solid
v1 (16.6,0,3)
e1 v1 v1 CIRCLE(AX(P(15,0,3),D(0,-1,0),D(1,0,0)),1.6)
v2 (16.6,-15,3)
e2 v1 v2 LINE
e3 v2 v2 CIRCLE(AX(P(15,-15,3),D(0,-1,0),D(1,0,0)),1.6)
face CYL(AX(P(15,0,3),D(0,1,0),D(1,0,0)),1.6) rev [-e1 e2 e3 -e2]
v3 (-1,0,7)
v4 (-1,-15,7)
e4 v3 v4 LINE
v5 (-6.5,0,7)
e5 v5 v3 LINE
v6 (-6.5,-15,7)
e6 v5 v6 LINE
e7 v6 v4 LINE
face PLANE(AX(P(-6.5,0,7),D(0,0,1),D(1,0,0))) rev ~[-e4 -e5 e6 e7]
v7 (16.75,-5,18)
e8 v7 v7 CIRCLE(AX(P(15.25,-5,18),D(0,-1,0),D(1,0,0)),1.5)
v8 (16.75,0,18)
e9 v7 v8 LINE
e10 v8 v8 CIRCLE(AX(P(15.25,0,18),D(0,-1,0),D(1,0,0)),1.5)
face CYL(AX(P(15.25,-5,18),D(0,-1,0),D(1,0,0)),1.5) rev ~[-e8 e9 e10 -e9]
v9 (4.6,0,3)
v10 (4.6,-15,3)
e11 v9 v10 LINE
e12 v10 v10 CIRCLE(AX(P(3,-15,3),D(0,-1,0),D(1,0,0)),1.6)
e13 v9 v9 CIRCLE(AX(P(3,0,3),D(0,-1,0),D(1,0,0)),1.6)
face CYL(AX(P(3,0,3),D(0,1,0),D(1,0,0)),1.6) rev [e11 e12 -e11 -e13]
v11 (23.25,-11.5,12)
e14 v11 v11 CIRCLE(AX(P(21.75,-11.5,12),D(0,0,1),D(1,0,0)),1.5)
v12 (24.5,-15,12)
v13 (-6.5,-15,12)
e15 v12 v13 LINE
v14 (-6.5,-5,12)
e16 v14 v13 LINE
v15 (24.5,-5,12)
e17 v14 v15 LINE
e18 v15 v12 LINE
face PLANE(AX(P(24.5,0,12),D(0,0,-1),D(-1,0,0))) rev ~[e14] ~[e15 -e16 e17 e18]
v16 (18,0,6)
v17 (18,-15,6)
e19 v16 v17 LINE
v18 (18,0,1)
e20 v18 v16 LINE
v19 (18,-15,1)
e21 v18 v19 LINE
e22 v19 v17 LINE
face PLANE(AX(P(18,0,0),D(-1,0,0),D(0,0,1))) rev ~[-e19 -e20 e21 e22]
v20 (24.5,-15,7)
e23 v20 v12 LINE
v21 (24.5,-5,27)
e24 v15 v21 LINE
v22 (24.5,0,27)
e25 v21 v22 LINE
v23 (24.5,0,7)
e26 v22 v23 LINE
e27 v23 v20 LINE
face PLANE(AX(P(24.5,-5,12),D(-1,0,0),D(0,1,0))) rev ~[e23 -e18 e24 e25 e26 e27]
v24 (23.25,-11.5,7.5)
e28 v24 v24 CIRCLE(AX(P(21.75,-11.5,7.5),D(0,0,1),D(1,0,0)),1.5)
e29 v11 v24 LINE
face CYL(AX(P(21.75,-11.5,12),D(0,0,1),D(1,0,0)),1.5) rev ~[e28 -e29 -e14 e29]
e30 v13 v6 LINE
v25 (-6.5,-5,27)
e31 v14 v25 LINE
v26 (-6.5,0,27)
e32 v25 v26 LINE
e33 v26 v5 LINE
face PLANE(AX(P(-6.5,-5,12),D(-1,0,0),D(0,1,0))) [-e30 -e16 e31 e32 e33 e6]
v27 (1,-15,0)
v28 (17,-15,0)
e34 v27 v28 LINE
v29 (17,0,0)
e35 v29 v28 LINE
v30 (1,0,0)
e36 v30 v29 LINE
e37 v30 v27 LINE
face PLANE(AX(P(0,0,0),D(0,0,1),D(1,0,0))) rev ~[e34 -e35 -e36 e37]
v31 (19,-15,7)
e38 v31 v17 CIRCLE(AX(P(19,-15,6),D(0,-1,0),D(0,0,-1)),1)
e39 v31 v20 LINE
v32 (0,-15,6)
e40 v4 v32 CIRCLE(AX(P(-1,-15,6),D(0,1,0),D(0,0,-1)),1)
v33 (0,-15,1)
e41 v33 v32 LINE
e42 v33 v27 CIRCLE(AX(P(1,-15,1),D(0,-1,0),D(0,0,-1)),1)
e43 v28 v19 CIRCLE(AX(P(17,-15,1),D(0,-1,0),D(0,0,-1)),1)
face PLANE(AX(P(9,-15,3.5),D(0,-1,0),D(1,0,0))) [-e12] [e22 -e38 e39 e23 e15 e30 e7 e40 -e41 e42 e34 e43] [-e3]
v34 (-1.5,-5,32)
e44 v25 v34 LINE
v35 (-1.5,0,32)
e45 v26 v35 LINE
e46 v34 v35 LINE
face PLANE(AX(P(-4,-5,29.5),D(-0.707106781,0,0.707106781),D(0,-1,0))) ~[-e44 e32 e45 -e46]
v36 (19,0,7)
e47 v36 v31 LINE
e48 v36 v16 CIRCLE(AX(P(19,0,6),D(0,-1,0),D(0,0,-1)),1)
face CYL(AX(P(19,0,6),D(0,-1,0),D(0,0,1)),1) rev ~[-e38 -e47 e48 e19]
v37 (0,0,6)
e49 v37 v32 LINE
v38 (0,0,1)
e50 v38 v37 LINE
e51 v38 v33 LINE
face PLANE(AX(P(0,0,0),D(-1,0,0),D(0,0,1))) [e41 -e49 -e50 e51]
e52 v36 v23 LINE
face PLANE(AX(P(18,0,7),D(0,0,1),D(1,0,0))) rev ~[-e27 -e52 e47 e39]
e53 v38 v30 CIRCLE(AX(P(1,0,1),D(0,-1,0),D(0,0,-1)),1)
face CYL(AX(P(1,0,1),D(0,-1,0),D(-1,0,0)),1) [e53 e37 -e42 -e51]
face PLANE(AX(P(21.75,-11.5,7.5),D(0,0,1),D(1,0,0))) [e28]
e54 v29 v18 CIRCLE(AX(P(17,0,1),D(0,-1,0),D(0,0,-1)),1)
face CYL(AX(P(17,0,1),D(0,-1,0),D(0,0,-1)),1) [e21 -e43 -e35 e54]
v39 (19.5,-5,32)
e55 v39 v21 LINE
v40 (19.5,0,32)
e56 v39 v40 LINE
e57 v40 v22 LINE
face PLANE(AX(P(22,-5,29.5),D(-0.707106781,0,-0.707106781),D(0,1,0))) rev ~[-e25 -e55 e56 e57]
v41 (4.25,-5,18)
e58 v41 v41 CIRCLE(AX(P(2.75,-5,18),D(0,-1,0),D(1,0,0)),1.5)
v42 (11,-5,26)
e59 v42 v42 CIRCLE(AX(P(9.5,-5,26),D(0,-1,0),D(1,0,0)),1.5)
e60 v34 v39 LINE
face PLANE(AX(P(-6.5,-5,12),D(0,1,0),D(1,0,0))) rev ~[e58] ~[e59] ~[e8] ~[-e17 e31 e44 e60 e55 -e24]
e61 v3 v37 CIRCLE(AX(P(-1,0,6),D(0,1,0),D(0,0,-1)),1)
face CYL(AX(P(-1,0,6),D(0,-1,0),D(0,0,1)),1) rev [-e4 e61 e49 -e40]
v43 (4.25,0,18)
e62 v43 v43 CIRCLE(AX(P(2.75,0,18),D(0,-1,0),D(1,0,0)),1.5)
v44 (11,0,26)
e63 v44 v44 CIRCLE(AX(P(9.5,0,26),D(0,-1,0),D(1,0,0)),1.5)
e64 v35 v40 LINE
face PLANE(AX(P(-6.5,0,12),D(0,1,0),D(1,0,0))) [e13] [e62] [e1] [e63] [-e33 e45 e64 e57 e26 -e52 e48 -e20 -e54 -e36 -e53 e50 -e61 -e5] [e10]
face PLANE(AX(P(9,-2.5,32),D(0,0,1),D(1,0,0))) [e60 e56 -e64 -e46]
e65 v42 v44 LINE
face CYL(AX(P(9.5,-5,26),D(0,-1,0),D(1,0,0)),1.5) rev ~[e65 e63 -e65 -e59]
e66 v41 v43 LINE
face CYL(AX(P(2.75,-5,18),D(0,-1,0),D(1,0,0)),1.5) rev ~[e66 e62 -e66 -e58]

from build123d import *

# Parameters (mm, degrees)
F0_W      = 18
F0_H      = 7
F0_R      = 1.6
F1_DEPTH  = 15
F2_W      = 31
F2_H      = 5
F3_DEPTH  = 20
F4_R      = 1.5
F5_DEPTH  = 25
F6_R      = 1.5
F7_DEPTH  = 4.5
F8_R      = 1
F9_SIZE   = 5
F10_R     = 1.5
F11_DEPTH = 25


with BuildPart() as f1:
    # F0 (on Front) → F1 (new body)
    with BuildSketch(Plane.XZ):
        with Locations((9, 3.5)):
            Rectangle(F0_W, F0_H)
        with Locations((3, 3)):
            Circle(F0_R, mode=Mode.SUBTRACT)
        with Locations((15, 3)):
            Circle(F0_R, mode=Mode.SUBTRACT)
        Polygon((-6.5, 7), (0, 7), (18, 7), (24.5, 7), (24.5, 12), (0, 12), (-6.5, 12), align=None)
    extrude(amount=F1_DEPTH)

    # F2 (on face) → F3 (join)
    with BuildSketch(Plane.XY.offset(12)):
        with Locations((9, -2.5)):
            Rectangle(F2_W, F2_H)
    extrude(amount=F3_DEPTH)

    # F4 (on face) → F5 (cut)
    with BuildSketch(Plane.XZ.offset(5)):
        with Locations((2.75, 18)):
            Circle(F4_R)
        with Locations((15.25, 18)):
            Circle(F4_R)
    extrude(amount=-F5_DEPTH, mode=Mode.SUBTRACT)

    # F6 (on face) → F7 (cut)
    with BuildSketch(Plane.XY.offset(12)):
        with Locations((21.75, -11.5)):
            Circle(F6_R)
    extrude(amount=-F7_DEPTH, mode=Mode.SUBTRACT)

    # F8
    f8_edges = [f1.edges().sort_by_distance(p)[0] for p in [
        (0, -7.5, 0),
        (18, -7.5, 0),
        (0, -7.5, 7),
        (18, -7.5, 7),
    ]]
    fillet(f8_edges, radius=F8_R)

    # F9
    f9_edges = [f1.edges().sort_by_distance(p)[0] for p in [
        (24.5, -2.5, 32),
        (-6.5, -2.5, 32),
    ]]
    chamfer(f9_edges, length=F9_SIZE)

    # F10 (on face) → F11 (cut)
    with BuildSketch(Plane.XZ.offset(5)):
        with Locations((9.5, 26)):
            Circle(F10_R)
    extrude(amount=-F11_DEPTH, mode=Mode.SUBTRACT)


solid = f1.part
